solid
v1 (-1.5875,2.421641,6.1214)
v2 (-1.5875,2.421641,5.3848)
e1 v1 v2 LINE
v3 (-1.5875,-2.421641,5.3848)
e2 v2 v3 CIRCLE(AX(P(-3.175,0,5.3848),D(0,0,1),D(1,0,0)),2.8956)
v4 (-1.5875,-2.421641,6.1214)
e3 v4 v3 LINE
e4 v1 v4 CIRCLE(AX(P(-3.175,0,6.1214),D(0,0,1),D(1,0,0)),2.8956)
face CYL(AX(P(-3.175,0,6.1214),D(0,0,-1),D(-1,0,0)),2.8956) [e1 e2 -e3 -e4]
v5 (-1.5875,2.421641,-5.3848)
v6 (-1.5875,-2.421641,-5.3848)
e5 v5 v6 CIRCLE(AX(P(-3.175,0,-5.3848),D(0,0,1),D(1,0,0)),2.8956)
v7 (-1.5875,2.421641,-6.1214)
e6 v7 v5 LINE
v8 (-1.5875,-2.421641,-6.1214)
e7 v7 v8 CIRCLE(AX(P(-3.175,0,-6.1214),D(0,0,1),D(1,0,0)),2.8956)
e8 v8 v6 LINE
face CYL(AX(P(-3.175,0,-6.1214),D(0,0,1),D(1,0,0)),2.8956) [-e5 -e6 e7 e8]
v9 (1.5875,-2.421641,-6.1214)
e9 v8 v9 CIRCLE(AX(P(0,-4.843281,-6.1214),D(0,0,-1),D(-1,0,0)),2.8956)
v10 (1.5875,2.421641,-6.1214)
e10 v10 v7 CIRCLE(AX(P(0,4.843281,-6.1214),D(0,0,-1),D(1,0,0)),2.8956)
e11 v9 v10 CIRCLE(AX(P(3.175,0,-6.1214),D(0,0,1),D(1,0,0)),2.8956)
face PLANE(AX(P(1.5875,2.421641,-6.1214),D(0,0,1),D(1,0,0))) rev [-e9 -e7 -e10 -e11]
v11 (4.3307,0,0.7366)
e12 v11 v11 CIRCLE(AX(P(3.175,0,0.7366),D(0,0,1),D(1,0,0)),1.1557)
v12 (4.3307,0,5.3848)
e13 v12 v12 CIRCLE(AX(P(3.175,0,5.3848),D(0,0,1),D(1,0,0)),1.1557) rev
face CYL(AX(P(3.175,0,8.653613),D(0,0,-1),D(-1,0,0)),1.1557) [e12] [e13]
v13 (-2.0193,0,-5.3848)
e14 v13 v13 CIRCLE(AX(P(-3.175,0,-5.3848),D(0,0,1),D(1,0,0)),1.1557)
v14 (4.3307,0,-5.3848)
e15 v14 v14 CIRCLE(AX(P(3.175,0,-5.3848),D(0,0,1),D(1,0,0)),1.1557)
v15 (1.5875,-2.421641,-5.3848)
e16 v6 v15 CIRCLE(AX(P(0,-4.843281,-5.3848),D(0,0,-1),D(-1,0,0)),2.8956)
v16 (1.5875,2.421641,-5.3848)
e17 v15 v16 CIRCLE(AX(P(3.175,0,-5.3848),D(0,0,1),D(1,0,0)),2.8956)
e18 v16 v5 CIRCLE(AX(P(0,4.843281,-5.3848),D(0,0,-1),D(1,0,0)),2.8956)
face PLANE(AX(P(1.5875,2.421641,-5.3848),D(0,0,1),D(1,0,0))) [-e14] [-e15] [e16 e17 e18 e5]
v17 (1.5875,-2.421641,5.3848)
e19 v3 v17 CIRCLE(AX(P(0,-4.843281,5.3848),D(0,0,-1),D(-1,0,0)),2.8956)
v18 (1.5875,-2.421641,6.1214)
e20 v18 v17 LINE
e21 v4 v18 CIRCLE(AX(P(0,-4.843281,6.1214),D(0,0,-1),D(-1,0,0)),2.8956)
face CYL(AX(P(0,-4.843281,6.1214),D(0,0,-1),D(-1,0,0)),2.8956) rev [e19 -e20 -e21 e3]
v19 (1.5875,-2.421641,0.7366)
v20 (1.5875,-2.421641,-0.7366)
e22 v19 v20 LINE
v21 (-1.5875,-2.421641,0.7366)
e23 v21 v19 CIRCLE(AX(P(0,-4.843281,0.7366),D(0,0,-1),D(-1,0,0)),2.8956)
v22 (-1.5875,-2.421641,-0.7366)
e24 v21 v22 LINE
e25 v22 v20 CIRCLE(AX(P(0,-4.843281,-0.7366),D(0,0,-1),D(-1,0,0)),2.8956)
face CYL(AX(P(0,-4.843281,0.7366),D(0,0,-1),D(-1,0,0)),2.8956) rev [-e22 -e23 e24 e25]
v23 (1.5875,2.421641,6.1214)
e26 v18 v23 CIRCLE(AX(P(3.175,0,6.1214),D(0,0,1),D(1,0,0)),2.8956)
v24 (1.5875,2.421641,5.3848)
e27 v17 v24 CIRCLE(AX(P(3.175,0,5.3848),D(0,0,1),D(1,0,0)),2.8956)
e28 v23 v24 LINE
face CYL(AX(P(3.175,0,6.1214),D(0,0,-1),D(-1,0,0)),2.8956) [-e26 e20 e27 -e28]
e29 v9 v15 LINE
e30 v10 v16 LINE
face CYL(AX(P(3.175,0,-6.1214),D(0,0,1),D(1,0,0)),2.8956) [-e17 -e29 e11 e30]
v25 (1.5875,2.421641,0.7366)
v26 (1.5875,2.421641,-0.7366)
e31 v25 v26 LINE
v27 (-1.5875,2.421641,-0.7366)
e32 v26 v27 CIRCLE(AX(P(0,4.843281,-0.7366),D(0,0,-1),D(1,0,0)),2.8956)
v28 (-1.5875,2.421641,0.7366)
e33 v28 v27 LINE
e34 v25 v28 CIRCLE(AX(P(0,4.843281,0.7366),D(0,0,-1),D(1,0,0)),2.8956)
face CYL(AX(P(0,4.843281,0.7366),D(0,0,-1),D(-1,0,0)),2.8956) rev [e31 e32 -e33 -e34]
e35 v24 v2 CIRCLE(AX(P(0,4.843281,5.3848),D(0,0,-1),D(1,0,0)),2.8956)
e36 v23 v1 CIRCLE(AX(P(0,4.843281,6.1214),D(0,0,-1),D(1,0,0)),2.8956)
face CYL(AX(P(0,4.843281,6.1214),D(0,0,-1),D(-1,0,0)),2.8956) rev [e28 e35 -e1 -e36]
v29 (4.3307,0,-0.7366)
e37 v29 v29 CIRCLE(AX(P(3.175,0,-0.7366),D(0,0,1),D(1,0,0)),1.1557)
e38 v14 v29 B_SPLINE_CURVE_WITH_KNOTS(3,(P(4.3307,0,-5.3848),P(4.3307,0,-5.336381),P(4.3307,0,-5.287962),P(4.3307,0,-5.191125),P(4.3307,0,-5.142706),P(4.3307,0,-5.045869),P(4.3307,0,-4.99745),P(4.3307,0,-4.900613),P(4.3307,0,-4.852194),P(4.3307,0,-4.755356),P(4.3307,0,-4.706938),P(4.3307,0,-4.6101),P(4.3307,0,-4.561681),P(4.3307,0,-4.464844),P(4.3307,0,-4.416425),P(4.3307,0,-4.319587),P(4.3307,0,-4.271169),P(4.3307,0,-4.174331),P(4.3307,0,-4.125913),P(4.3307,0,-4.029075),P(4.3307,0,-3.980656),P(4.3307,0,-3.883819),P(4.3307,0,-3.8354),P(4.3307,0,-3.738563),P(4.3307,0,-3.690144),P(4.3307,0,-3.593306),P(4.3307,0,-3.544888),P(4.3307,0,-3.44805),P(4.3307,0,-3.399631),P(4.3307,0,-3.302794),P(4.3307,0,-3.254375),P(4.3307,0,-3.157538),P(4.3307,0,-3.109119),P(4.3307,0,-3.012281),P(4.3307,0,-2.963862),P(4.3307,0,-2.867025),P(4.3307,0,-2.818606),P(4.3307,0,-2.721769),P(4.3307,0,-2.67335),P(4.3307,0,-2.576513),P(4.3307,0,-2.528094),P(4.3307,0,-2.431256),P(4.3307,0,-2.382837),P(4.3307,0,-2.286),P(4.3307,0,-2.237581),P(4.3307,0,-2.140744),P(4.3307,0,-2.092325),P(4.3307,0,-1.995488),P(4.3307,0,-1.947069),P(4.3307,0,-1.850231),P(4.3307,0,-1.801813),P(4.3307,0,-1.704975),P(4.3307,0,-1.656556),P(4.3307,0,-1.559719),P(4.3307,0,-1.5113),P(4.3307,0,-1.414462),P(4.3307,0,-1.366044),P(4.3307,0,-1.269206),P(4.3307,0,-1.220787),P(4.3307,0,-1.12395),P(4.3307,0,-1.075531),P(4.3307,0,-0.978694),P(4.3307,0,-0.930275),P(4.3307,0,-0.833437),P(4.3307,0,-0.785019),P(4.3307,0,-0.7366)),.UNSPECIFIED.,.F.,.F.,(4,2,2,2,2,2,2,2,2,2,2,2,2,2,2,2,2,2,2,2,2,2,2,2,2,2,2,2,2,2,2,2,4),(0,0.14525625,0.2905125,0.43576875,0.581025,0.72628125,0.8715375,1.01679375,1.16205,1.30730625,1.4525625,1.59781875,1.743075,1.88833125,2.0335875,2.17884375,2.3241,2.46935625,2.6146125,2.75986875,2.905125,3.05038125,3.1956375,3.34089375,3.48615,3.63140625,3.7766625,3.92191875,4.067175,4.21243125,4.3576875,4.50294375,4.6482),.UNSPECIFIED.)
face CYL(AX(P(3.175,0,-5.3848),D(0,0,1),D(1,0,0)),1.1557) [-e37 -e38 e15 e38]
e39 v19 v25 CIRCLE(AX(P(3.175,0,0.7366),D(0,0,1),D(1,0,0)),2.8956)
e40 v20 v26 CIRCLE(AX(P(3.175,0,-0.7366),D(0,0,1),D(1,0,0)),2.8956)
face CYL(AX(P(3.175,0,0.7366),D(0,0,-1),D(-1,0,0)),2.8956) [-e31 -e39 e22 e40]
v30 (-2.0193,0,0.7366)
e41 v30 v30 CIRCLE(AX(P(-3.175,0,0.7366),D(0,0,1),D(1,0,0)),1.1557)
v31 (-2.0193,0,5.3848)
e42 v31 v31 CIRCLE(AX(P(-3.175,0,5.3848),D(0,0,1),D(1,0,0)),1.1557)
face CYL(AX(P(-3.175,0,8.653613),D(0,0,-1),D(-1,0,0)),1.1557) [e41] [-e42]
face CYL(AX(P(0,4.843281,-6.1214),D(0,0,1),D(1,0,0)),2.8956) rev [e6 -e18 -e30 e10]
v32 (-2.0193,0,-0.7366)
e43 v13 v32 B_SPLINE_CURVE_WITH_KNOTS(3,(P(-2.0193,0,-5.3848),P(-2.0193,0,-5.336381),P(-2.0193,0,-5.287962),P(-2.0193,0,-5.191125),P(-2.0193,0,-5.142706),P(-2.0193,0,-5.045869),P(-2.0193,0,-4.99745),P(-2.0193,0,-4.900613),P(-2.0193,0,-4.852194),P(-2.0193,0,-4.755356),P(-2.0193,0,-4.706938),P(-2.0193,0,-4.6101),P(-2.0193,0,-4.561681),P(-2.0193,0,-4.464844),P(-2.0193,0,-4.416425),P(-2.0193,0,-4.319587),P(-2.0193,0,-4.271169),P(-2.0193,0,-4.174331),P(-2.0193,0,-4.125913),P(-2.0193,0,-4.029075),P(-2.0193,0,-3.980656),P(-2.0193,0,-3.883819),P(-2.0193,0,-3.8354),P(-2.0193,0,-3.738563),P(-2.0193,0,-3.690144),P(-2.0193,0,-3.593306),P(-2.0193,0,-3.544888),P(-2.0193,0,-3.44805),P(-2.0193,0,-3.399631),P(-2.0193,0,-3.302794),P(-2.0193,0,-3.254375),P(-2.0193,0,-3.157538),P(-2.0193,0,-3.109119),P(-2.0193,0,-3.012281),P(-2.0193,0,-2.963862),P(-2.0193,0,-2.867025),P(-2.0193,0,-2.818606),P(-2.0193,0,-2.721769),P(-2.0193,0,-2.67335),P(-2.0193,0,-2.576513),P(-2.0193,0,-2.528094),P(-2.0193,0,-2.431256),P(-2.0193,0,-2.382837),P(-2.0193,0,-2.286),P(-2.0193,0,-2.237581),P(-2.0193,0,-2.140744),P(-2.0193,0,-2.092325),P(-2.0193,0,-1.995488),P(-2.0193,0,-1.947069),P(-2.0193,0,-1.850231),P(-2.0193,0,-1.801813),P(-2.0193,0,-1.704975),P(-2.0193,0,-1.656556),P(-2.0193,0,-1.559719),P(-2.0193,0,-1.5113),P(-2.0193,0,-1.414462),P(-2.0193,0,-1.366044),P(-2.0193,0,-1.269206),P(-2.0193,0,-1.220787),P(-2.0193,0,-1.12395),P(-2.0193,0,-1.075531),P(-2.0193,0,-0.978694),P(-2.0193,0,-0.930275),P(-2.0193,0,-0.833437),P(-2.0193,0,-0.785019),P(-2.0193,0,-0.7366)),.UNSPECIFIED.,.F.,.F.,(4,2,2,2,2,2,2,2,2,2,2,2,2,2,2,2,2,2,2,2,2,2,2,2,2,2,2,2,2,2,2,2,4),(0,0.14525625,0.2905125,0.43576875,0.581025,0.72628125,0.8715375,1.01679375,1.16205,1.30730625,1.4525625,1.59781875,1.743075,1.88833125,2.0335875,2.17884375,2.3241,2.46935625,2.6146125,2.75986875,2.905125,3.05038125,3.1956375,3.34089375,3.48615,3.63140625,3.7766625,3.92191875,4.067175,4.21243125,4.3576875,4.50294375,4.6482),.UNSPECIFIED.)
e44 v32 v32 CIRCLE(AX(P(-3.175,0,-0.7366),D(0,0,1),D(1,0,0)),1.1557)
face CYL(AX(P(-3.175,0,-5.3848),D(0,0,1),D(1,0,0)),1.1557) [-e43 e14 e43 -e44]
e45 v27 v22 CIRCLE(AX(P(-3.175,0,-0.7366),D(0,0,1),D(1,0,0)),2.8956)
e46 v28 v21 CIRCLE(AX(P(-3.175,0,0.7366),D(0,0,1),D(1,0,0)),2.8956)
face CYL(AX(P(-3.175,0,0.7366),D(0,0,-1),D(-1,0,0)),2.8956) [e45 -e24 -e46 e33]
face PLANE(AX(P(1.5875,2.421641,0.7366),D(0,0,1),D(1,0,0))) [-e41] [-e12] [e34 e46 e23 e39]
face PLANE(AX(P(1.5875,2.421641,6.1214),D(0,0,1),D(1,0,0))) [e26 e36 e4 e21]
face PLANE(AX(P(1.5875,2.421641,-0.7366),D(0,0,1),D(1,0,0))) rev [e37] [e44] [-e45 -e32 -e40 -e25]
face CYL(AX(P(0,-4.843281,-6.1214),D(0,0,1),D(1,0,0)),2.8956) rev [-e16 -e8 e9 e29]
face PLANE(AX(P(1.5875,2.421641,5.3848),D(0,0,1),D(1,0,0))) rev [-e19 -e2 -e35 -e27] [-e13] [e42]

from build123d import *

# Parameters (mm, degrees)
BOSS_EXTRUDE1_DEPTH = 0.7366
BOSS_EXTRUDE2_START = 5.3848
BOSS_EXTRUDE2_DEPTH = 0.7366
SKETCH2_R           = 1.1557
BOSS_EXTRUDE3_DEPTH = 4.6482
BOSS_EXTRUDE4_START = -5.3848
BOSS_EXTRUDE4_DEPTH = 0.7366
BOSS_EXTRUDE5_START = -6.1214
SKETCH2_2_R         = 1.1557
BOSS_EXTRUDE5_DEPTH = 4.6482


with BuildPart() as part:
    # Sketch1 → Boss-Extrude1 (new, symmetric)
    with BuildSketch(Plane.XY):
        with BuildLine():
            ThreePointArc((-1.5875, 2.421640582), (-6.0706, 0), (-1.5875, -2.421640582))
            ThreePointArc((-1.5875, -2.421640582), (0, -1.947681165), (1.5875, -2.421640582))
            ThreePointArc((1.5875, -2.421640582), (6.0706, 0), (1.5875, 2.421640582))
            ThreePointArc((1.5875, 2.421640582), (0, 1.947681165), (-1.5875, 2.421640582))
        make_face()
    extrude(amount=BOSS_EXTRUDE1_DEPTH, both=True)



with BuildPart() as body_2:
    # Sketch1<2> → Boss-Extrude2 (new body)
    with BuildSketch(Plane.XY.offset(BOSS_EXTRUDE2_START)):
        with BuildLine():
            ThreePointArc((-1.5875, 2.421640582), (-6.0706, 0), (-1.5875, -2.421640582))
            ThreePointArc((-1.5875, -2.421640582), (0, -1.947681165), (1.5875, -2.421640582))
            ThreePointArc((1.5875, -2.421640582), (6.0706, 0), (1.5875, 2.421640582))
            ThreePointArc((1.5875, 2.421640582), (0, 1.947681165), (-1.5875, 2.421640582))
        make_face()
    extrude(amount=BOSS_EXTRUDE2_DEPTH)


with BuildPart() as part_1:
    add(part.part)

    add(body_2.part)  # Boss-Extrude3 merges body 2
    # Sketch2 → Boss-Extrude3 (add)
    with BuildSketch(Plane.XY.offset(0.7366)):
        with Locations((-3.175, 0)):
            Circle(SKETCH2_R)
        with Locations((3.175, 0)):
            Circle(SKETCH2_R)
    extrude(amount=BOSS_EXTRUDE3_DEPTH)



with BuildPart() as body_2_2:
    # Sketch1<3> → Boss-Extrude4 (new body)
    with BuildSketch(Plane.XY.offset(BOSS_EXTRUDE4_START)):
        with BuildLine():
            ThreePointArc((-1.5875, 2.421640582), (-6.0706, 0), (-1.5875, -2.421640582))
            ThreePointArc((-1.5875, -2.421640582), (0, -1.947681165), (1.5875, -2.421640582))
            ThreePointArc((1.5875, -2.421640582), (6.0706, 0), (1.5875, 2.421640582))
            ThreePointArc((1.5875, 2.421640582), (0, 1.947681165), (-1.5875, 2.421640582))
        make_face()
    extrude(amount=-BOSS_EXTRUDE4_DEPTH)


with BuildPart() as part_2:
    add(part_1.part)

    add(body_2_2.part)  # Boss-Extrude5 merges body 2 2
    # Sketch2<2> → Boss-Extrude5 (add)
    with BuildSketch(Plane.XY.offset(0.7366).offset(BOSS_EXTRUDE5_START)):
        with Locations((-3.175, 0)):
            Circle(SKETCH2_2_R)
        with Locations((3.175, 0)):
            Circle(SKETCH2_2_R)
    extrude(amount=BOSS_EXTRUDE5_DEPTH)


solid = part_2.part
